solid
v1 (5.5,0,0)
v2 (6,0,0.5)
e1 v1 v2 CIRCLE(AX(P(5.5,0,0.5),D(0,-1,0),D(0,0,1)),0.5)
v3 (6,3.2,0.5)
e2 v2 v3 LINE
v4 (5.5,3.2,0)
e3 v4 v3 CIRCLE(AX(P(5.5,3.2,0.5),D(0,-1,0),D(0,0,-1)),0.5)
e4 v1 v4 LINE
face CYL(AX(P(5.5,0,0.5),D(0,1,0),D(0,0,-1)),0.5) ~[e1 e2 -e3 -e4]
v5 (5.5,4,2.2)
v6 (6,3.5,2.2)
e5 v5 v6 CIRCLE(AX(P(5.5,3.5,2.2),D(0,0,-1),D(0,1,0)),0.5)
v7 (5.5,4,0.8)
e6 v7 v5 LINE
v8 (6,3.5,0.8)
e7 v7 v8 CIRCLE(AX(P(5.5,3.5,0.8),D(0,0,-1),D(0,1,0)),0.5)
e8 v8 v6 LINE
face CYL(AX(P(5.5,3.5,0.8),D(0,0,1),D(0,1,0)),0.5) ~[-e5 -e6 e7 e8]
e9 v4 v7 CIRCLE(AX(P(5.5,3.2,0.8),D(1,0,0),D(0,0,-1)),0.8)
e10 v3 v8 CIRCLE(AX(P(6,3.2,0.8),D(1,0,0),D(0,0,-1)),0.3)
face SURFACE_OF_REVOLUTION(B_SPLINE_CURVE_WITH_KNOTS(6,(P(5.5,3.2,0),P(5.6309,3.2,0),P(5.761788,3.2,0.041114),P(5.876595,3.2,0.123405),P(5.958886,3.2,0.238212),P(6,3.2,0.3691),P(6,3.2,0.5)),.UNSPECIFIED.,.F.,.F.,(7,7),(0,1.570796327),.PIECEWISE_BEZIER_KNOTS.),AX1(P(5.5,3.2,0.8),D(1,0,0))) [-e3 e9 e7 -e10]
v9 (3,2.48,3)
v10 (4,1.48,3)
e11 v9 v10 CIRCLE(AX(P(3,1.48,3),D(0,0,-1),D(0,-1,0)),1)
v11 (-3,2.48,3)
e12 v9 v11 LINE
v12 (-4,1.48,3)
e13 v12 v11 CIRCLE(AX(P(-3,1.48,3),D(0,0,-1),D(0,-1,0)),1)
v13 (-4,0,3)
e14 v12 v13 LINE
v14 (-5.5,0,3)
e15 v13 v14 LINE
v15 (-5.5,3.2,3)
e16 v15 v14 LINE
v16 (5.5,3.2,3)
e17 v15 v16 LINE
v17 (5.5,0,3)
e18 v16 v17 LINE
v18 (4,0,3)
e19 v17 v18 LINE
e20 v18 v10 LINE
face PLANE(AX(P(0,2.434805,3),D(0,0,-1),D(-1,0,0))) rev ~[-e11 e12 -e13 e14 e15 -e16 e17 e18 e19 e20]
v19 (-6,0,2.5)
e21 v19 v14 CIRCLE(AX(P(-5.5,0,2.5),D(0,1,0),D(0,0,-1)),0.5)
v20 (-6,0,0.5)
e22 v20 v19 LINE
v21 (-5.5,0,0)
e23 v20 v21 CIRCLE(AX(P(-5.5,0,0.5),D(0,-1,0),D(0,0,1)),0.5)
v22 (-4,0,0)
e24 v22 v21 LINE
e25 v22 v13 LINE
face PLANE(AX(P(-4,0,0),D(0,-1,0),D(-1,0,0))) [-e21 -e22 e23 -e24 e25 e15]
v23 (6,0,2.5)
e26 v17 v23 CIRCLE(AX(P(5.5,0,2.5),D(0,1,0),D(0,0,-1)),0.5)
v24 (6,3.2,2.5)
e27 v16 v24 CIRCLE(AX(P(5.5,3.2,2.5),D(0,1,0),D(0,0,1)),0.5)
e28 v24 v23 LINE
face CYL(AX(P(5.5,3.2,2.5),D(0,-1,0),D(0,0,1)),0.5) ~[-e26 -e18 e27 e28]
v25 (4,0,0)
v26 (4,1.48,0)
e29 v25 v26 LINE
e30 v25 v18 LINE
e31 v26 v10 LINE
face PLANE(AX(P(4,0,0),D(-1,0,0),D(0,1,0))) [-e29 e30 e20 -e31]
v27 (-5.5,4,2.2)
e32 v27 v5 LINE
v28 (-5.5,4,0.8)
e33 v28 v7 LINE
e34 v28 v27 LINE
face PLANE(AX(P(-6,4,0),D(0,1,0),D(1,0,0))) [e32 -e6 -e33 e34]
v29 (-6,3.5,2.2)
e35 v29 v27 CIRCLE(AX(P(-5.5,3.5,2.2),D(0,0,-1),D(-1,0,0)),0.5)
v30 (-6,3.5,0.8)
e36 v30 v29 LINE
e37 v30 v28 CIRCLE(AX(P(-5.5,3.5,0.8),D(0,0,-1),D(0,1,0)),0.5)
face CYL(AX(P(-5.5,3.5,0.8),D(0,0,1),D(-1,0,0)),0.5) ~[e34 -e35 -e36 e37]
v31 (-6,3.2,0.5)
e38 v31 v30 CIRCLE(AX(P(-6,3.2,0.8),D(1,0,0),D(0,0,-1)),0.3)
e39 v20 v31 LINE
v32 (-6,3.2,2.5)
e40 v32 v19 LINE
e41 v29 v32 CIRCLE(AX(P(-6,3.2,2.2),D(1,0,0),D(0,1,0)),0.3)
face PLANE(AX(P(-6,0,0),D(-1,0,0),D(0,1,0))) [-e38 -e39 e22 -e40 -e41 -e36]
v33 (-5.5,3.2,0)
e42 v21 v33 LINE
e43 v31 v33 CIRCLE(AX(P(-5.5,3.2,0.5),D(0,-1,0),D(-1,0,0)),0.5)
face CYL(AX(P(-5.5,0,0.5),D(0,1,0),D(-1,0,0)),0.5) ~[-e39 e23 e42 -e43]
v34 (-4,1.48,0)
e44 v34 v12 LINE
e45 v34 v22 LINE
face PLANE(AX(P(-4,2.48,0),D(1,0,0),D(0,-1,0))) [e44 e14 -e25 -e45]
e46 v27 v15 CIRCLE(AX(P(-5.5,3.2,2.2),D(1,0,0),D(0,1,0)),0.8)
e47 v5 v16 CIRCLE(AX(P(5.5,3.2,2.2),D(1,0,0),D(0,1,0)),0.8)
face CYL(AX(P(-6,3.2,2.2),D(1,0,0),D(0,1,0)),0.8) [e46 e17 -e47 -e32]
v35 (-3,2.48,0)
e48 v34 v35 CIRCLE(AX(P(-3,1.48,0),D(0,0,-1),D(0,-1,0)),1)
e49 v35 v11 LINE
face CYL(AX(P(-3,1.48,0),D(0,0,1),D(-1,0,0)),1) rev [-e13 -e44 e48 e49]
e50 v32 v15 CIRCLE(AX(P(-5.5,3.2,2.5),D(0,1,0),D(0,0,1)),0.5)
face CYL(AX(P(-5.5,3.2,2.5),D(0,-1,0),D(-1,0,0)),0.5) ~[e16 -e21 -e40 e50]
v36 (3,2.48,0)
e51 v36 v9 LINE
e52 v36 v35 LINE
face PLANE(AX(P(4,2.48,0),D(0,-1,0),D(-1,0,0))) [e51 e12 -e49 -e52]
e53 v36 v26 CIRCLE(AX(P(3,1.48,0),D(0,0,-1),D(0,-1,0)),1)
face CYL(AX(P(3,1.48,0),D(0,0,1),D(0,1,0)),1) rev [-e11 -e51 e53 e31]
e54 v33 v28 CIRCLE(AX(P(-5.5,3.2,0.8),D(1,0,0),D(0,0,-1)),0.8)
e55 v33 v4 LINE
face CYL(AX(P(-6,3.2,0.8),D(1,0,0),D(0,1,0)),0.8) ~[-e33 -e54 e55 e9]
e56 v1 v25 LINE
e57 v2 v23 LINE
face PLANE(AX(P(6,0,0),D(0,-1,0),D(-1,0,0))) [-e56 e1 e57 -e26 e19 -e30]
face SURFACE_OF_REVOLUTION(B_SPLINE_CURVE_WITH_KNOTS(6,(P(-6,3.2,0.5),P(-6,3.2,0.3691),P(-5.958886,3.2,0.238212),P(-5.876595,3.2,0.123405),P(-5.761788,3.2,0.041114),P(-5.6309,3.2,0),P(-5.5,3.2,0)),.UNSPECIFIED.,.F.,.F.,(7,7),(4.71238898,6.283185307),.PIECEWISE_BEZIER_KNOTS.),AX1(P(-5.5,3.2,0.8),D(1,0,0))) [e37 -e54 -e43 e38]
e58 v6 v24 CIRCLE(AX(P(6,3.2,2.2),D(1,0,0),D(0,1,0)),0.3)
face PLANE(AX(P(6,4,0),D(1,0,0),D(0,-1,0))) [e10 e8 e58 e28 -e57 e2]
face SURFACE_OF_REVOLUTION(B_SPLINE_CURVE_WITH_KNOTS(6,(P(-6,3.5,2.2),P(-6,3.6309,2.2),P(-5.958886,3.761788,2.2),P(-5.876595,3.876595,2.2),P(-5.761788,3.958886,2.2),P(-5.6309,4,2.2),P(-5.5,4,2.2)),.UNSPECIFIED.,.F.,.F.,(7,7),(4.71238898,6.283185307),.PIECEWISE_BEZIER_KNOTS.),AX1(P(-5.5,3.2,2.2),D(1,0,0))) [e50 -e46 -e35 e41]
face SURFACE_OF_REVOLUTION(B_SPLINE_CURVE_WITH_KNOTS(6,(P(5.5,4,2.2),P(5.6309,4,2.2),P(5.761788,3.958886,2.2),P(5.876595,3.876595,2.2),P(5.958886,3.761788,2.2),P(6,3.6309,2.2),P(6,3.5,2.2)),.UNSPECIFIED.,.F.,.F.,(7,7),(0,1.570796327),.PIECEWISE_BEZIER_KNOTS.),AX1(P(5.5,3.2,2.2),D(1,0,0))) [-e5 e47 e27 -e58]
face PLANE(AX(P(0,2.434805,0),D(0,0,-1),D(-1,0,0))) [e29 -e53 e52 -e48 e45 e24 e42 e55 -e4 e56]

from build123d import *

# Parameters (mm, degrees)
PAD_DEPTH   = 3
FILLET_R    = 0.8
FILLET001_R = 0.8
FILLET002_R = 0.5
FILLET003_R = 0.5
FILLET004_R = 1
FILLET005_R = 1


with BuildPart() as part:
    # Sketch → Pad (new body)
    with BuildSketch(Plane.XY):
        Polygon((-4, 0), (-6, 0), (-6, 4), (6, 4), (6, 0), (4, 0), (4, 2.48), (-4, 2.48), align=None)
    extrude(amount=PAD_DEPTH)

    # Fillet
    fillet_edges = [part.edges().sort_by_distance(p)[0] for p in [
        (0, 4, 3),
    ]]
    fillet(fillet_edges, radius=FILLET_R)

    # Fillet001
    fillet001_edges = [part.edges().sort_by_distance(p)[0] for p in [
        (0, 4, 0),
    ]]
    fillet(fillet001_edges, radius=FILLET001_R)

    # Fillet002
    fillet002_edges = [part.edges().sort_by_distance(p)[0] for p in [
        (6, 1.6, 3),
    ]]
    fillet(fillet002_edges, radius=FILLET002_R)

    # Fillet003
    fillet003_edges = [part.edges().sort_by_distance(p)[0] for p in [
        (-6, 1.6, 0),
    ]]
    fillet(fillet003_edges, radius=FILLET003_R)

    # Fillet004
    fillet004_edges = [part.edges().sort_by_distance(p)[0] for p in [
        (-4, 2.48, 1.5),
    ]]
    fillet(fillet004_edges, radius=FILLET004_R)

    # Fillet005
    fillet005_edges = [part.edges().sort_by_distance(p)[0] for p in [
        (4, 2.48, 1.5),
    ]]
    fillet(fillet005_edges, radius=FILLET005_R)


solid = part.part
